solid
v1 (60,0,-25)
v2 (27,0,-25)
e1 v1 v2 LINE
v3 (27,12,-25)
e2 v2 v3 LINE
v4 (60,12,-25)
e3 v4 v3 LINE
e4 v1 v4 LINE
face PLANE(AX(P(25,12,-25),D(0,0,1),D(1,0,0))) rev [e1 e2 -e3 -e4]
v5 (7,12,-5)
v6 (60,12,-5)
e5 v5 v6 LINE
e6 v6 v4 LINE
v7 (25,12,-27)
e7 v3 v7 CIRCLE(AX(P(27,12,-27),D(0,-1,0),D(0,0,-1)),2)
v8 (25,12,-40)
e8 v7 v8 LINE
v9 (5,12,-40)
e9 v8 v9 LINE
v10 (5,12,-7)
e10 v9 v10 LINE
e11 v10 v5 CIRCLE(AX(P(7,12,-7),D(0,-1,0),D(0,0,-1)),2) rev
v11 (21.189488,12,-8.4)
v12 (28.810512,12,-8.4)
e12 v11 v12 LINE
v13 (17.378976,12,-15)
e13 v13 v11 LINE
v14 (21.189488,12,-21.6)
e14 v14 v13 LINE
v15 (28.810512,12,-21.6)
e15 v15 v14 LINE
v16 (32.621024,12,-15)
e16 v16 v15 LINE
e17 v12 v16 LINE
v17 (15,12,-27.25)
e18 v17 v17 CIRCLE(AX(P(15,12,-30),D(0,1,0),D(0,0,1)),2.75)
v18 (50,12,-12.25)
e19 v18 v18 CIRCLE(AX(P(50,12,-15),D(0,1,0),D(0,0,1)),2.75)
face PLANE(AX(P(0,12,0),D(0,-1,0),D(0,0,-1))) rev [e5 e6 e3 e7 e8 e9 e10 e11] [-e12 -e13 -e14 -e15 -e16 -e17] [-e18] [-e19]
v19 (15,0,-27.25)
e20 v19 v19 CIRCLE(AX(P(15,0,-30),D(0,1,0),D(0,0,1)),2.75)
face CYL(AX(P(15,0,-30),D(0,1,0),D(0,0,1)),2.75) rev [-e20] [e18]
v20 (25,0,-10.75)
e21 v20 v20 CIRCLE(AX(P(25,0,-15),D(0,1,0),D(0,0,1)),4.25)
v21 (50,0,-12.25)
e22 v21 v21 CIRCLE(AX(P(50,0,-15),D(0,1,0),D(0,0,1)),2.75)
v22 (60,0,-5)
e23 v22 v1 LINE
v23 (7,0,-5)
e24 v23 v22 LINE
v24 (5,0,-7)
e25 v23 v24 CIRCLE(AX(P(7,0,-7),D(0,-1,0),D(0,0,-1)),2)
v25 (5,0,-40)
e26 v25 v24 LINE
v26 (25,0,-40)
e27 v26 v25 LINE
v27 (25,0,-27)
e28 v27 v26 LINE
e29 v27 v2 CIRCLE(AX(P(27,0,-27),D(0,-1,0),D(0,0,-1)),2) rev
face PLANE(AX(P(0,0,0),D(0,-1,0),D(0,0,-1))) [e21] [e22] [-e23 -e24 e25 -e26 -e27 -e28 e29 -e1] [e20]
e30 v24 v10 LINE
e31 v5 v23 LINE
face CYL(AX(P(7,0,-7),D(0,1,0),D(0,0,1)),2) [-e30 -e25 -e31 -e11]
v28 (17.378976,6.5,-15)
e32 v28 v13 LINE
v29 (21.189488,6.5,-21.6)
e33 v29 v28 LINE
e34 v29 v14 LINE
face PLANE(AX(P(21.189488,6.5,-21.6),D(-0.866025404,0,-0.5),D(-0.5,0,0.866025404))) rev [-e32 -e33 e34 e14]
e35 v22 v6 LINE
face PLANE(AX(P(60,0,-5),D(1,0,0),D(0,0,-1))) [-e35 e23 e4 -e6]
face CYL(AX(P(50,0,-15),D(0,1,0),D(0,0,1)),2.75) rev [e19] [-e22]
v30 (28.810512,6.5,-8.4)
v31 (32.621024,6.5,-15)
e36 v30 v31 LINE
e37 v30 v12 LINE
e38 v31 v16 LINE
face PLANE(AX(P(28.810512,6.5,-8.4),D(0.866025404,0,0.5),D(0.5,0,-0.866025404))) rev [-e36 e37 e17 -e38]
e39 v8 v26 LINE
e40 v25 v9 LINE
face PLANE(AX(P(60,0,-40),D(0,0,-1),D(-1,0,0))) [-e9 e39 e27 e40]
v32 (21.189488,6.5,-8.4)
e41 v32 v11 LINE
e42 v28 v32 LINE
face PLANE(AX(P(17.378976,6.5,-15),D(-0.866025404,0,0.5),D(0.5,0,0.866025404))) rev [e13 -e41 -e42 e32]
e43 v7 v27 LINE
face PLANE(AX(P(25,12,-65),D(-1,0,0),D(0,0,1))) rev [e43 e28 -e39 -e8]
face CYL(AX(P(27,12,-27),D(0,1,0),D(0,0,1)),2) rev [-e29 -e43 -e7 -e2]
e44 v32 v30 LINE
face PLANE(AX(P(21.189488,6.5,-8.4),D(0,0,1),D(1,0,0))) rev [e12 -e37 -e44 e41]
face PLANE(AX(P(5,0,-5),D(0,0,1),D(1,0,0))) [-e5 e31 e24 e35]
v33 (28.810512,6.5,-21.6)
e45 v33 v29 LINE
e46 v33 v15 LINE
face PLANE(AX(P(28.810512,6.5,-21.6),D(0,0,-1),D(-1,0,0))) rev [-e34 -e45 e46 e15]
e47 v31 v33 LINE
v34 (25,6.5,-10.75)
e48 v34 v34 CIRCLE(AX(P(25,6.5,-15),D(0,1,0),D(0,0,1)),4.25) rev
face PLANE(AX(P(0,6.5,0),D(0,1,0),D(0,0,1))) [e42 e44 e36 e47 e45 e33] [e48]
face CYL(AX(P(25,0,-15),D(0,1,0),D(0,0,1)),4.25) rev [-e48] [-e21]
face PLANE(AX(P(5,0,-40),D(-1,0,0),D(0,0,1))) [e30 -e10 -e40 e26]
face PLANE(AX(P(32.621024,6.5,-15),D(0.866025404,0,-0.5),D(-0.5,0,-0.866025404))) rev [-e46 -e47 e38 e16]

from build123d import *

# Parameters (mm, degrees)
SALIENTE_EXTRUIR1_DEPTH = 12
SALIENTE_EXTRUIR2_DEPTH = 38
CROQUIS8_W              = 40
CROQUIS8_H              = 20
CORTAR_EXTRUIR5_DEPTH   = 20
CROQUIS3_R              = 4.25
CORTAR_EXTRUIR1_DEPTH   = 13
CORTAR_EXTRUIR2_DEPTH   = 5.5
REDONDEO1_R             = 2
CROQUIS5_W              = 4.8
CROQUIS5_H              = 35
CROQUIS5_W_2            = 15
CROQUIS5_H_2            = 4.8
SALIENTE_EXTRUIR3_DEPTH = 1
NGULO_DE_SALIDA1_ANGLE  = 15
NGULO_DE_SALIDA2_ANGLE  = 15
REDONDEO2_R             = 2
NGULO_DE_SALIDA3_ANGLE  = 15
REDONDEO3_R             = 1
CORTAR_EXTRUIR4_DEPTH   = 66
CORTAR_EXTRUIR6_DEPTH   = 66
CROQUIS12_W             = 65
CROQUIS12_H             = 38
CORTAR_EXTRUIR9_DEPTH   = 66
CROQUIS13_OUTSIDE_W     = 85.54
CROQUIS13_OUTSIDE_H     = 85.54
CROQUIS13_OUTSIDE_W_2   = 55
CROQUIS13_OUTSIDE_H_2   = 35
CORTAR_EXTRUIR10_DEPTH  = 13
REDONDEO5_R             = 2
CROQUIS14_R             = 2.75
CORTAR_EXTRUIR11_DEPTH  = 13


with BuildPart() as part:
    # Croquis1 → Saliente-Extruir1 (new body)
    with BuildSketch(Plane(origin=(0, 0, 0), x_dir=(1, 0, 0), z_dir=(0, 1, 0))):
        Polygon((25, 65), (25, 25), (65, 25), (65, 0), (0, 0), (0, 65), align=None)
    extrude(amount=SALIENTE_EXTRUIR1_DEPTH)

    # Croquis2 → Saliente-Extruir2 (add)
    with BuildSketch(Plane(origin=(0, 12, 0), x_dir=(1, 0, 0), z_dir=(0, 1, 0))):
        Polygon((0, 65), (0, 0), (65, 0), (65, 5), (37.4, 5), (37.4, 6), (32.6, 6), (32.6, 5), (17.4, 5), (17.4, 6), (12.6, 6), (12.6, 5), (5, 5), (5, 12.6), (6, 12.6), (6, 17.4), (5, 17.4), (5, 65), align=None)
    extrude(amount=SALIENTE_EXTRUIR2_DEPTH)

    # Croquis8 → Cortar-Extruir5 (cut)
    with BuildSketch(Plane(origin=(0, 50, 0), x_dir=(1, 0, 0), z_dir=(0, 1, 0))):
        with Locations((25, 15)):
            Rectangle(CROQUIS8_W, CROQUIS8_H)
    extrude(amount=-CORTAR_EXTRUIR5_DEPTH, mode=Mode.SUBTRACT)

    # Croquis3 → Cortar-Extruir1 (cut, through all)
    with BuildSketch(Plane(origin=(0, 12, 0), x_dir=(1, 0, 0), z_dir=(0, 1, 0))):
        with Locations((25, 15)):
            Circle(CROQUIS3_R)
    extrude(amount=-CORTAR_EXTRUIR1_DEPTH, mode=Mode.SUBTRACT)

    # Croquis4 → Cortar-Extruir2 (cut)
    with BuildSketch(Plane(origin=(0, 12, 0), x_dir=(1, 0, 0), z_dir=(0, 1, 0))):
        Polygon((32.621023553, 15), (28.810511777, 21.6), (21.189488223, 21.6), (17.378976447, 15), (21.189488223, 8.4), (28.810511777, 8.4), align=None)
    extrude(amount=-CORTAR_EXTRUIR2_DEPTH, mode=Mode.SUBTRACT)

    # Redondeo1
    redondeo1_edges = [part.edges().sort_by_distance(p)[0] for p in [
        (25, 6, -25),
    ]]
    fillet(redondeo1_edges, radius=REDONDEO1_R)

    # Croquis5 → Saliente-Extruir3 (add)
    with BuildSketch(Plane(origin=(0, 12, 0), x_dir=(1, 0, 0), z_dir=(0, 1, 0))):
        with Locations((15, 47.5)):
            Rectangle(CROQUIS5_W, CROQUIS5_H)
        with Locations((57.5, 15)):
            Rectangle(CROQUIS5_W_2, CROQUIS5_H_2)
    extrude(amount=SALIENTE_EXTRUIR3_DEPTH)

    # Ángulo de salida1
    ngulo_de_salida1_faces = [part.faces().sort_by_distance(p)[0] for p in [
        (57.5, 12.5, -17.4),
        (50, 12.5, -15),
        (57.5, 12.5, -12.6),
        (12.6, 12.5, -47.5),
        (15, 12.5, -30),
        (17.4, 12.5, -47.5),
    ]]
    draft(ngulo_de_salida1_faces, Plane.ZX.offset(12), NGULO_DE_SALIDA1_ANGLE)

    # Ángulo de salida2
    ngulo_de_salida2_faces = [part.faces().sort_by_distance(p)[0] for p in [
        (15, 30, -5.5),
        (35, 30, -5.5),
        (37.4, 21, -5.5),
        (32.6, 21, -5.5),
        (17.4, 21, -5.5),
        (12.6, 21, -5.5),
    ]]
    draft(ngulo_de_salida2_faces, Plane(origin=(65, 50, -5), x_dir=(-1, 0, 0), z_dir=(0, 0, -1)), NGULO_DE_SALIDA2_ANGLE)

    # Redondeo2
    redondeo2_edges = [part.edges().sort_by_distance(p)[0] for p in [
        (0, 25, 0),
    ]]
    fillet(redondeo2_edges, radius=REDONDEO2_R)

    # Ángulo de salida3
    ngulo_de_salida3_faces = [part.faces().sort_by_distance(p)[0] for p in [
        (5.5, 30, -15),
        (5.5, 21, -17.4),
        (5.5, 21, -12.6),
    ]]
    draft(ngulo_de_salida3_faces, Plane(origin=(5, 50, -5), x_dir=(0, 0, 1), z_dir=(1, 0, 0)), NGULO_DE_SALIDA3_ANGLE)

    # Redondeo3
    redondeo3_edges = [part.edges().sort_by_distance(p)[0] for p in [
        (5, 31, -5),
    ]]
    fillet(redondeo3_edges, radius=REDONDEO3_R)

    # Croquis6 → Cortar-Extruir4 (cut, through all)
    with BuildSketch(Plane.ZY):
        with BuildLine():
            Line((-16, 45.5), (-14, 45.5))
            Line((-14, 45.5), (-12.696855696, 43.502673056))
            ThreePointArc((-12.696855696, 43.502673056), (-15, 39.25), (-17.303144304, 43.502673056))
            Line((-17.303144304, 43.502673056), (-16, 45.5))
        make_face()
        with BuildLine():
            Line((-56, 45.5), (-54, 45.5))
            Line((-54, 45.5), (-52.696855696, 43.502673056))
            ThreePointArc((-52.696855696, 43.502673056), (-55, 39.25), (-57.303144304, 43.502673056))
            Line((-57.303144304, 43.502673056), (-56, 45.5))
        make_face()
        with BuildLine():
            Line((-56, 25.5), (-54, 25.5))
            Line((-54, 25.5), (-52.696855696, 23.502673056))
            ThreePointArc((-52.696855696, 23.502673056), (-55, 19.25), (-57.303144304, 23.502673056))
            Line((-57.303144304, 23.502673056), (-56, 25.5))
        make_face()
    extrude(amount=-CORTAR_EXTRUIR4_DEPTH, mode=Mode.SUBTRACT)

    # Croquis9 → Cortar-Extruir6 (cut, through all)
    with BuildSketch(Plane.XY):
        with BuildLine():
            Line((14, 45.5), (16, 45.5))
            Line((16, 45.5), (17.303144304, 43.502673056))
            ThreePointArc((17.303144304, 43.502673056), (15, 39.25), (12.696855696, 43.502673056))
            Line((12.696855696, 43.502673056), (14, 45.5))
        make_face()
        with BuildLine():
            Line((54, 45.5), (56, 45.5))
            Line((56, 45.5), (57.303144304, 43.502673056))
            ThreePointArc((57.303144304, 43.502673056), (55, 39.25), (52.696855696, 43.502673056))
            Line((52.696855696, 43.502673056), (54, 45.5))
        make_face()
        with BuildLine():
            Line((54, 25.5), (56, 25.5))
            Line((56, 25.5), (57.303144304, 23.502673056))
            ThreePointArc((57.303144304, 23.502673056), (55, 19.25), (52.696855696, 23.502673056))
            Line((52.696855696, 23.502673056), (54, 25.5))
        make_face()
    extrude(amount=-CORTAR_EXTRUIR6_DEPTH, mode=Mode.SUBTRACT)

    # Croquis12 → Cortar-Extruir9 (cut, through all)
    with BuildSketch(Plane(origin=(65, 0, 0), x_dir=(0, 0, -1), z_dir=(1, 0, 0))):
        with Locations((32.5, 31)):
            Rectangle(CROQUIS12_W, CROQUIS12_H)
    extrude(amount=-CORTAR_EXTRUIR9_DEPTH, mode=Mode.SUBTRACT)

    # Croquis13 outside → Cortar-Extruir10 (cut, through all)
    with BuildSketch(Plane(origin=(0, 12, 0), x_dir=(1, 0, 0), z_dir=(0, 1, 0))):
        with Locations((32.5, 32.5)):
            Rectangle(CROQUIS13_OUTSIDE_W, CROQUIS13_OUTSIDE_H)
        with Locations((32.5, 22.5)):
            Rectangle(CROQUIS13_OUTSIDE_W_2, CROQUIS13_OUTSIDE_H_2, mode=Mode.SUBTRACT)
    extrude(amount=-CORTAR_EXTRUIR10_DEPTH, mode=Mode.SUBTRACT)

    # Redondeo5
    redondeo5_edges = [part.edges().sort_by_distance(p)[0] for p in [
        (5, 6, -5),
    ]]
    fillet(redondeo5_edges, radius=REDONDEO5_R)

    # Croquis14 → Cortar-Extruir11 (cut, through all)
    with BuildSketch(Plane(origin=(0, 12, 0), x_dir=(1, 0, 0), z_dir=(0, 1, 0))):
        with Locations((15, 30)):
            Circle(CROQUIS14_R)
        with Locations((50, 15)):
            Circle(CROQUIS14_R)
    extrude(amount=-CORTAR_EXTRUIR11_DEPTH, mode=Mode.SUBTRACT)


solid = part.part
